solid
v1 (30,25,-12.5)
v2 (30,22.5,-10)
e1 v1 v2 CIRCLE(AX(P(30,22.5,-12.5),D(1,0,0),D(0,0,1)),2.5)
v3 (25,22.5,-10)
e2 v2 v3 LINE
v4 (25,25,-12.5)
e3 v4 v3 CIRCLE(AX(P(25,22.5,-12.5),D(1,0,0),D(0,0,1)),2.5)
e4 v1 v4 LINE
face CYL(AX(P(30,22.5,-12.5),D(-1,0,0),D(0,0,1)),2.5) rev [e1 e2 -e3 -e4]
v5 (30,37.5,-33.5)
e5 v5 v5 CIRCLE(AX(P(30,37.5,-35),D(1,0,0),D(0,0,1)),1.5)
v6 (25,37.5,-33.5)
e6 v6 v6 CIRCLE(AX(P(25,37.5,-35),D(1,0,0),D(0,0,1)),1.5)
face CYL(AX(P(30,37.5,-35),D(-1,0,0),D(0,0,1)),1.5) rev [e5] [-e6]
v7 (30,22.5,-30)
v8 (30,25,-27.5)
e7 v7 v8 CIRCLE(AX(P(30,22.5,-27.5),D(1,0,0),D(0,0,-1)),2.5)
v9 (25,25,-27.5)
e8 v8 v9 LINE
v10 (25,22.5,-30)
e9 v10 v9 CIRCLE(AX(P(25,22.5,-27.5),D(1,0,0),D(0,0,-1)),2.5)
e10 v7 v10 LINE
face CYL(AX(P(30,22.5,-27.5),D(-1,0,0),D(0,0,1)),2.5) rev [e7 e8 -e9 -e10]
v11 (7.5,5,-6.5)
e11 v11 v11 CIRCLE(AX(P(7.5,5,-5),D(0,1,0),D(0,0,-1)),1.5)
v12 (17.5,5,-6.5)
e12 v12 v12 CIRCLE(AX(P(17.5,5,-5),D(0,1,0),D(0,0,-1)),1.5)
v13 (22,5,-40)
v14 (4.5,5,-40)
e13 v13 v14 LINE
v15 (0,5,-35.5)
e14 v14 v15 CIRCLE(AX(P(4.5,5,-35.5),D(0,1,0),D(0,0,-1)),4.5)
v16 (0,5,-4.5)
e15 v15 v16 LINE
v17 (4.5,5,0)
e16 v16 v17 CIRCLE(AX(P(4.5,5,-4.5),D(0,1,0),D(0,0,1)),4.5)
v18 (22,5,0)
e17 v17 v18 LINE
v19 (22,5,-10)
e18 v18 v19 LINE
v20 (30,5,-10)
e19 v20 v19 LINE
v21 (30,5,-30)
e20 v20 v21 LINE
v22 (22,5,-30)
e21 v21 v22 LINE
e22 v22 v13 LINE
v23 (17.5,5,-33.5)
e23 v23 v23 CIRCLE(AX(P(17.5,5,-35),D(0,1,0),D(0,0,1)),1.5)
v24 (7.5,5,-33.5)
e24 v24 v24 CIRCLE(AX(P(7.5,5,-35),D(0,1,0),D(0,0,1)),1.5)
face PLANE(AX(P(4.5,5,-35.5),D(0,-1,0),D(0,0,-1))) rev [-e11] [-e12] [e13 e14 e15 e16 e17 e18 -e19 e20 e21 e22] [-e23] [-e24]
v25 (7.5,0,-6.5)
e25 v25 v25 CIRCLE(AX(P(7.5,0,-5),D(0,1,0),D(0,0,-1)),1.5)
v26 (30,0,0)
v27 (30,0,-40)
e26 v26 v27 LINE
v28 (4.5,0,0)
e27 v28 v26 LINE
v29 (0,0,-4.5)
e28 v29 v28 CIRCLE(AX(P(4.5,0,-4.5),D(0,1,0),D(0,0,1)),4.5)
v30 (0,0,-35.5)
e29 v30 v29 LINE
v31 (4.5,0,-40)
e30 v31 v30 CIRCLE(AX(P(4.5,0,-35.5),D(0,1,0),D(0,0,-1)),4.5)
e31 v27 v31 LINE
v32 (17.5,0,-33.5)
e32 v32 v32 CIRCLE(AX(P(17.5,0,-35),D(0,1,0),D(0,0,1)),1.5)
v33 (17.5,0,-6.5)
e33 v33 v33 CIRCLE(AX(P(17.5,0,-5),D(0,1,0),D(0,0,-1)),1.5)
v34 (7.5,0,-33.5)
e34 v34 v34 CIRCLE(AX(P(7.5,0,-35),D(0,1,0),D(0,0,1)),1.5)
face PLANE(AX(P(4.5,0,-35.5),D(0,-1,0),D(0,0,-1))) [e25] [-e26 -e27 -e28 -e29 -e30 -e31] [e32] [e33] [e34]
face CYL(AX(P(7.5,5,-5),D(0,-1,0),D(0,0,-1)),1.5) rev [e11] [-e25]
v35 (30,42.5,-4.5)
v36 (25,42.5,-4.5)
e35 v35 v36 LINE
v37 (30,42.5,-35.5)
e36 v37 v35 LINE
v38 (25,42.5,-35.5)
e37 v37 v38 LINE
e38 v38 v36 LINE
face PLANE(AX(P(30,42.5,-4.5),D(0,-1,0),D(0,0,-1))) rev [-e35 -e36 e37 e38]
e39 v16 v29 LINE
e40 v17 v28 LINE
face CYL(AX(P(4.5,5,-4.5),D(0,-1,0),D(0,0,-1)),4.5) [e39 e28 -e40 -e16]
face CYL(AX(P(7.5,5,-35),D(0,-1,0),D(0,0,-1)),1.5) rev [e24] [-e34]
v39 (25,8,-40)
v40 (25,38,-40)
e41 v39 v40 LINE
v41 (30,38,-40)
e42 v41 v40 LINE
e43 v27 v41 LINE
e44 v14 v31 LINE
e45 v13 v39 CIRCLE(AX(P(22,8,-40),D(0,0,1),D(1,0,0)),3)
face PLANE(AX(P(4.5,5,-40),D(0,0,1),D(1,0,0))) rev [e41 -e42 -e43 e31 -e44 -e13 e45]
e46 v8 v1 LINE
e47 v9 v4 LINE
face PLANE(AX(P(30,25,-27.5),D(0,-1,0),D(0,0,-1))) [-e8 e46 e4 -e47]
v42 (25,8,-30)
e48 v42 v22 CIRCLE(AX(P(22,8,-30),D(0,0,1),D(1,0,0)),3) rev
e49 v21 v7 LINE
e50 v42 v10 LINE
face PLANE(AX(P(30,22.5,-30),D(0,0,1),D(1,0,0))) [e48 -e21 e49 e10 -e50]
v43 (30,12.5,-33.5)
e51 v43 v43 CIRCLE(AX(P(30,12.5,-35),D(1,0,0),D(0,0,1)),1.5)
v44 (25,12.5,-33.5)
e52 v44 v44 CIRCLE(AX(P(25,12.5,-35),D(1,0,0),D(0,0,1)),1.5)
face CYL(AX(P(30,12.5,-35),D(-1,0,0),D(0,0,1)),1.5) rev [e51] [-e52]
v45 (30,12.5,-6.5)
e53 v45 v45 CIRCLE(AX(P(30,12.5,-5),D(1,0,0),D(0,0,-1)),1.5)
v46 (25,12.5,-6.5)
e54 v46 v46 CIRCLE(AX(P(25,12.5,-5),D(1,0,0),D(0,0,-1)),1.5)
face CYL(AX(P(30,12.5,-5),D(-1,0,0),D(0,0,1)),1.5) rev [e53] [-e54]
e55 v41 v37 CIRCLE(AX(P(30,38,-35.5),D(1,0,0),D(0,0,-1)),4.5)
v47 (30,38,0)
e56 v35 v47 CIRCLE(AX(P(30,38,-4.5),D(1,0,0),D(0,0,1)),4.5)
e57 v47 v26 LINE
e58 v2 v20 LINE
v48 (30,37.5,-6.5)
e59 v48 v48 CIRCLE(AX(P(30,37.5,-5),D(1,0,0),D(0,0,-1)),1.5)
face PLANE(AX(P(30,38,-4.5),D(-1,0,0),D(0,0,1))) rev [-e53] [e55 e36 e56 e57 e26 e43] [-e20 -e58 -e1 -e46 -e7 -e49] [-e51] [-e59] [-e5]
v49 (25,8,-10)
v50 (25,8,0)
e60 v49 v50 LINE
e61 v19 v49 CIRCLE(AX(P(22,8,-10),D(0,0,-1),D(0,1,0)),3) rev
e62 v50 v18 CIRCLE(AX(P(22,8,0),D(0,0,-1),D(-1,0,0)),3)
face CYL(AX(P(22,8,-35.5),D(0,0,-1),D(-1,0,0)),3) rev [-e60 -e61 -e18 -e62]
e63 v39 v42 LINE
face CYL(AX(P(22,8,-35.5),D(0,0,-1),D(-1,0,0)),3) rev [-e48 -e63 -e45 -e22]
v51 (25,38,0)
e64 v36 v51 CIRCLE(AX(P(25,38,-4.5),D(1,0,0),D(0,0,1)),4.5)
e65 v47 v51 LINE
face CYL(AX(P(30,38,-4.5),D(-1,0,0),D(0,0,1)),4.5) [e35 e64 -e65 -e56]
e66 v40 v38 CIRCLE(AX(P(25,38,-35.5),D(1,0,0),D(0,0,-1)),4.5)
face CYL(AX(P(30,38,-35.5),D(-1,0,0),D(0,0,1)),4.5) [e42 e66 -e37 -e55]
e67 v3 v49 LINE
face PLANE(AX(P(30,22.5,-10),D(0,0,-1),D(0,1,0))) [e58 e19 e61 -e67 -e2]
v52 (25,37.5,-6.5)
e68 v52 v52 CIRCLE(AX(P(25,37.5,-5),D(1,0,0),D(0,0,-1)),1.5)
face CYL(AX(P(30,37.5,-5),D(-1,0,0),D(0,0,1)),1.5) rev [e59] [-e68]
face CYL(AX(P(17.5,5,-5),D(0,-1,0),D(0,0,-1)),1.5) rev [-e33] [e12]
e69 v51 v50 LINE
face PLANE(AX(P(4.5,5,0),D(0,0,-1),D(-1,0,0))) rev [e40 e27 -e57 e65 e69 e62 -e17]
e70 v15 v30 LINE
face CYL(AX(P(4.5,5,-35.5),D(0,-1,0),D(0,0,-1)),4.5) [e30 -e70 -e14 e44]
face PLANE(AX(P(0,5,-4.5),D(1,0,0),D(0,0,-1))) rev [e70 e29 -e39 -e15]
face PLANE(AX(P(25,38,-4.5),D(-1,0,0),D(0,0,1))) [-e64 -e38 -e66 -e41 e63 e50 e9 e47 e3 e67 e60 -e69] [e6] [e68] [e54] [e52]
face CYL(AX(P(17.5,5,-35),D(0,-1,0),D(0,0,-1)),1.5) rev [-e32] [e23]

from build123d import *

# Parameters (mm, degrees)
SKETCH1_R           = 1.5
BOSS_EXTRUDE1_DEPTH = 5
SKETCH2_R           = 1.5
BOSS_EXTRUDE3_DEPTH = 5
FILLET4_R           = 3


with BuildPart() as part:
    # Sketch1 → Boss-Extrude1 (new body)
    with BuildSketch(Plane(origin=(0, 0, 0), x_dir=(1, 0, 0), z_dir=(0, 1, 0))):
        with BuildLine():
            Line((4.5, 0), (25, 0))
            Line((25, 0), (25, 40))
            Line((25, 40), (4.5, 40))
            ThreePointArc((4.5, 40), (1.318019485, 38.681980515), (0, 35.5))
            Line((0, 35.5), (0, 4.5))
            ThreePointArc((0, 4.5), (1.318019485, 1.318019485), (4.5, 0))
        make_face()
        with Locations(Location((7.5, 35, 0), (0, 0, 270))):
            Circle(SKETCH1_R, mode=Mode.SUBTRACT)
        with Locations(Location((17.5, 35, 0), (0, 0, 270))):
            Circle(SKETCH1_R, mode=Mode.SUBTRACT)
        with Locations(Location((17.5, 5, 0), (0, 0, 90))):
            Circle(SKETCH1_R, mode=Mode.SUBTRACT)
        with Locations(Location((7.5, 5, 0), (0, 0, 90))):
            Circle(SKETCH1_R, mode=Mode.SUBTRACT)
    extrude(amount=BOSS_EXTRUDE1_DEPTH)

    # Sketch2 → Boss-Extrude3 (add)
    with BuildSketch(Plane(origin=(25, 0, 0), x_dir=(0, 0, -1), z_dir=(1, 0, 0))):
        with BuildLine():
            Line((0, 0), (40, 0))
            Line((40, 0), (40, 38))
            ThreePointArc((40, 38), (38.681980515, 41.181980515), (35.5, 42.5))
            Line((35.5, 42.5), (4.5, 42.5))
            ThreePointArc((4.5, 42.5), (1.318019485, 41.181980515), (0, 38))
            Line((0, 38), (0, 0))
        make_face()
        with Locations((5, 37.5)):
            Circle(SKETCH2_R, mode=Mode.SUBTRACT)
        with Locations((5, 12.5)):
            Circle(SKETCH2_R, mode=Mode.SUBTRACT)
        with Locations(Location((35, 12.5, 0), (0, 0, 180))):
            Circle(SKETCH2_R, mode=Mode.SUBTRACT)
        with Locations(Location((35, 37.5, 0), (0, 0, 180))):
            Circle(SKETCH2_R, mode=Mode.SUBTRACT)
        with BuildLine():
            Line((27.5, 25), (12.5, 25))
            ThreePointArc((12.5, 25), (10.732233047, 24.267766953), (10, 22.5))
            Line((10, 22.5), (10, 5))
            Line((10, 5), (30, 5))
            Line((30, 5), (30, 22.5))
            ThreePointArc((30, 22.5), (29.267766953, 24.267766953), (27.5, 25))
        make_face(mode=Mode.SUBTRACT)
    extrude(amount=BOSS_EXTRUDE3_DEPTH)

    # Fillet4
    fillet4_edges = [part.edges().sort_by_distance(p)[0] for p in [
        (25, 5, -35),
        (25, 5, -5),
    ]]
    fillet(fillet4_edges, radius=FILLET4_R)


solid = part.part
